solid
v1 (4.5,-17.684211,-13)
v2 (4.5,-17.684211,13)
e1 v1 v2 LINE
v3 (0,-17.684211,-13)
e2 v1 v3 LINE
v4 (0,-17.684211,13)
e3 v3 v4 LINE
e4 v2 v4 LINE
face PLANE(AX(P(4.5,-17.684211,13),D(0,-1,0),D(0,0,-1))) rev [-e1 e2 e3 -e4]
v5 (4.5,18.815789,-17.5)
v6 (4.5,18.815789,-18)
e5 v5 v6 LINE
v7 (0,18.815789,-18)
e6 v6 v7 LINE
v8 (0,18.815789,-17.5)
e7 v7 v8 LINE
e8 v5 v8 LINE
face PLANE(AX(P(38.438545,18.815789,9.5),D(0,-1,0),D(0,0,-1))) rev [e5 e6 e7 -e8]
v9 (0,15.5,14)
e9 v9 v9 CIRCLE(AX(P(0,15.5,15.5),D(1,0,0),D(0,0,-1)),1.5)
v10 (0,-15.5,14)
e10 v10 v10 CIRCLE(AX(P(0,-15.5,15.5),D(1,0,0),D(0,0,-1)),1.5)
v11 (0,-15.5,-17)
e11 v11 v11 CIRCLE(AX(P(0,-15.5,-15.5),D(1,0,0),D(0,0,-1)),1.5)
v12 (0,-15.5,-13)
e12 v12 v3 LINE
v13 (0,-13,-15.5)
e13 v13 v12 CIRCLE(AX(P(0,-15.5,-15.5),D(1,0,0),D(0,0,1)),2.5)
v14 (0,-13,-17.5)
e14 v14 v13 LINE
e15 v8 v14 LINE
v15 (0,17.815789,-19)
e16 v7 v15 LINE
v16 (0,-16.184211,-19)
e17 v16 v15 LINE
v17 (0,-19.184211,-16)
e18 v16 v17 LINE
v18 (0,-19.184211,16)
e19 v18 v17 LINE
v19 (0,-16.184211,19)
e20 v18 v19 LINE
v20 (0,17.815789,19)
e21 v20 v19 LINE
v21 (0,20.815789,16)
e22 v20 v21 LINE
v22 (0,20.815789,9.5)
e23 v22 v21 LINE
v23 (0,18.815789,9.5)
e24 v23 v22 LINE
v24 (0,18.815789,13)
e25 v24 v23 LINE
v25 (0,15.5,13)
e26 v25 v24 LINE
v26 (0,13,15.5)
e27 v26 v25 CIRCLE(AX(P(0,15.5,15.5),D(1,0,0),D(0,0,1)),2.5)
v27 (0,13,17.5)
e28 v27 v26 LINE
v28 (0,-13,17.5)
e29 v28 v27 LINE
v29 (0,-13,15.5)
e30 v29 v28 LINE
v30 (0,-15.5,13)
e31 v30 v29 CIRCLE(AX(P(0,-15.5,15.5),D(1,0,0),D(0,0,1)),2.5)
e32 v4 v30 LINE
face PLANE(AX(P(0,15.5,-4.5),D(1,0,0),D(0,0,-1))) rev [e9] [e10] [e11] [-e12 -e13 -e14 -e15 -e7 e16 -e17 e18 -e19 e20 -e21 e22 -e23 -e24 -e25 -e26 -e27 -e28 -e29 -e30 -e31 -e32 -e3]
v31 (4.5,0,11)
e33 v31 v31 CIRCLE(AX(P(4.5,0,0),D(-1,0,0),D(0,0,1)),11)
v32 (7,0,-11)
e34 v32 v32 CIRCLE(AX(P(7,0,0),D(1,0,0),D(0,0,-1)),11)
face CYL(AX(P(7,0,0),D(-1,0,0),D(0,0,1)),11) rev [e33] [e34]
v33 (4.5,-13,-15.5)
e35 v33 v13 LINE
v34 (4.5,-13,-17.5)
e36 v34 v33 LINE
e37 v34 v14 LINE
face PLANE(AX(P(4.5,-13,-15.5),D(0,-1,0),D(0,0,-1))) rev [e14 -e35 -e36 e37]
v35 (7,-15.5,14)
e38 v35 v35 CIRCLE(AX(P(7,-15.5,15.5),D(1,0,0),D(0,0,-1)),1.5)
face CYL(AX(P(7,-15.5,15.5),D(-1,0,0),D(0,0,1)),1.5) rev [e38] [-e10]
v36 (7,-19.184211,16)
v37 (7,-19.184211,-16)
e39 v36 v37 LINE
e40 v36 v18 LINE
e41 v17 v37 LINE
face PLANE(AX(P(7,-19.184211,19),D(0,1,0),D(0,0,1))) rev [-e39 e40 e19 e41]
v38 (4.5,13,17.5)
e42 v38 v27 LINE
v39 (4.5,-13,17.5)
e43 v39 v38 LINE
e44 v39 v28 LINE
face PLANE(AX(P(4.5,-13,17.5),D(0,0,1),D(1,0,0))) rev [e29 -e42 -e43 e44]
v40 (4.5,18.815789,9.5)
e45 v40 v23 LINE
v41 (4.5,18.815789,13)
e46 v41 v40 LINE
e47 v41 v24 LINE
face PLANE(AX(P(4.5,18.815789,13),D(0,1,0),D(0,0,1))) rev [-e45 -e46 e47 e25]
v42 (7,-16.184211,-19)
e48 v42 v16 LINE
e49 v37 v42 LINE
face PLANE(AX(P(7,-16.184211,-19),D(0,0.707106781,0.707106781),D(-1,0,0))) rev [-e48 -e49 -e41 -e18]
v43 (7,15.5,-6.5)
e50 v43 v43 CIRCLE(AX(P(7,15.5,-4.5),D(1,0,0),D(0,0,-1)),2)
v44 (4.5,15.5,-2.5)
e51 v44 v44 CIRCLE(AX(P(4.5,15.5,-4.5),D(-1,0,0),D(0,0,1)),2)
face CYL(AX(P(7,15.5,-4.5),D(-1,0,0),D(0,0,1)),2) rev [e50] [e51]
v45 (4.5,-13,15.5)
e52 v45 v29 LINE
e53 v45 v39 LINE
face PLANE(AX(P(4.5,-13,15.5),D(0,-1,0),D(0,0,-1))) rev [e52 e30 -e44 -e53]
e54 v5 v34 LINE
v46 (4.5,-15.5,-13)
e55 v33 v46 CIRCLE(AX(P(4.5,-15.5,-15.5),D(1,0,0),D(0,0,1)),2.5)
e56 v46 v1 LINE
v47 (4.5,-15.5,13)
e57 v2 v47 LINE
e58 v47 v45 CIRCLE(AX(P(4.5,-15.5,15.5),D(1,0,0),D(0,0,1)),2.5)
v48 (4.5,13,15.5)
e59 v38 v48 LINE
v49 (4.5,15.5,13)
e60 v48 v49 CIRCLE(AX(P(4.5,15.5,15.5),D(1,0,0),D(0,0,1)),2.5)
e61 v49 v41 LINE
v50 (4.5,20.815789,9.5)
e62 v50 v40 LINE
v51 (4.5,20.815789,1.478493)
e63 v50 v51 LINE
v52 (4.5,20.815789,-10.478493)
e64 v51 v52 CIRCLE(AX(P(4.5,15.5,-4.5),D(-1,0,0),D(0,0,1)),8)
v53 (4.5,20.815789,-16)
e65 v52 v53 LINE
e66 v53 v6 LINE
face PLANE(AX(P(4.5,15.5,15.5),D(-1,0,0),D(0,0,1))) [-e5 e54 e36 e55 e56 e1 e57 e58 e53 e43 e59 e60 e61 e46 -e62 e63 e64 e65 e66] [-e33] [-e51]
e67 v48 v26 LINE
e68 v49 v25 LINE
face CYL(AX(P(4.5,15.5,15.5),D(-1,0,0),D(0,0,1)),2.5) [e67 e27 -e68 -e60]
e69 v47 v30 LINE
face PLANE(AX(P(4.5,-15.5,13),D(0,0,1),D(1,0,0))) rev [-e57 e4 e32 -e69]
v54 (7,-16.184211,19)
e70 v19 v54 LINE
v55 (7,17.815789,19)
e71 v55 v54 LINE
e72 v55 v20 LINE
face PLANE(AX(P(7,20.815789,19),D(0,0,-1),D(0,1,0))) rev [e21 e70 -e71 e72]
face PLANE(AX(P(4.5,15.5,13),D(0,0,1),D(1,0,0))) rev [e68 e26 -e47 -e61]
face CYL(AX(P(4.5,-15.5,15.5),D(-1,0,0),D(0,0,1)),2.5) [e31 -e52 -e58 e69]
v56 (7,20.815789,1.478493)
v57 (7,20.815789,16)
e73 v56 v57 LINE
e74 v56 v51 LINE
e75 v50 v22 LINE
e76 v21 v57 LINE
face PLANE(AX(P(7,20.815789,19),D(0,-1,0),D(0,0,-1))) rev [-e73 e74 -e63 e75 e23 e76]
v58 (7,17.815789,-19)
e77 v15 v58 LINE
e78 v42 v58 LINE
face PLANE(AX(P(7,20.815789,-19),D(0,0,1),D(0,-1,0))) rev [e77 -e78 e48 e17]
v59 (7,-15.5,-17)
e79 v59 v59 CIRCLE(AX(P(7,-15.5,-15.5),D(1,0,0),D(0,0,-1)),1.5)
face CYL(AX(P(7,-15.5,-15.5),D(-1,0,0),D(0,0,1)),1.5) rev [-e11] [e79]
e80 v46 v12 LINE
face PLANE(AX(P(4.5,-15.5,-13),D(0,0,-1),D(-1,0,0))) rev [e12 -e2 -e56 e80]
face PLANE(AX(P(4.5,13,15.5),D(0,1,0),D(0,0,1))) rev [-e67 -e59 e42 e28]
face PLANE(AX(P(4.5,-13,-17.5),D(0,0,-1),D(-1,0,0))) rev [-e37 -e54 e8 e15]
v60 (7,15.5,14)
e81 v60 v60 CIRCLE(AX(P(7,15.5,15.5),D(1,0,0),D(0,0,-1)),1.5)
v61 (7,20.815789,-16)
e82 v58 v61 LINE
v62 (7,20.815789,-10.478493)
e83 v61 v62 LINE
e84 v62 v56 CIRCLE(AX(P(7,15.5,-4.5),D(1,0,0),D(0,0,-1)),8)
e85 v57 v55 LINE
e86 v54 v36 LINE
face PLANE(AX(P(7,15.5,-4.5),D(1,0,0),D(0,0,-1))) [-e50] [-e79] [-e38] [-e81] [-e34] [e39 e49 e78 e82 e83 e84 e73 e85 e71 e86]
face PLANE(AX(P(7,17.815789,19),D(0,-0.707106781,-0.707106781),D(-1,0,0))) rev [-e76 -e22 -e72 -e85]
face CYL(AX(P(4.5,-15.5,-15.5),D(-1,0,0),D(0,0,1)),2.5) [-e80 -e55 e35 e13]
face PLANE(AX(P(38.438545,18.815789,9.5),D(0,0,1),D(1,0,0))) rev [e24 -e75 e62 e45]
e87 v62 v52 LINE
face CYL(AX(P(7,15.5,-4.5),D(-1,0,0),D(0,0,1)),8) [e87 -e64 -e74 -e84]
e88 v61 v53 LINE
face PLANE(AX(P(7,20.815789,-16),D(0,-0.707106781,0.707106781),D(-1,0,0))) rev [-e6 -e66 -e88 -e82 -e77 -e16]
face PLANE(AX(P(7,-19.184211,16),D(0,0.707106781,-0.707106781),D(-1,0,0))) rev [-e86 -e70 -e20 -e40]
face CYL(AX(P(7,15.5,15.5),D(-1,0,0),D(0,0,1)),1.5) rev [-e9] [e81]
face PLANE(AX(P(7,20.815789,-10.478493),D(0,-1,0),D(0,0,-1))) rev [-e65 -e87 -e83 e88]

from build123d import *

# Parameters (mm, degrees)
SKETCH1_R           = 1.5
SKETCH1_R_2         = 11
SKETCH1_R_3         = 2
BOSS_EXTRUDE1_DEPTH = 7
CUT_EXTRUDE1_DEPTH  = 4.5
SKETCH3_W           = 33.429321272
SKETCH3_H           = 5.85707368
CUT_EXTRUDE2_DEPTH  = 4.5
CHAMFER1_SIZE       = 3


with BuildPart() as part:
    # Sketch1 → Boss-Extrude1 (new body)
    with BuildSketch(Plane(origin=(0, 0, 0), x_dir=(0, 0, -1), z_dir=(1, 0, 0))):
        with BuildLine():
            Line((10.478493311, 20.815789474), (19, 20.815789474))
            Line((19, 20.815789474), (19, -19.184210526))
            Line((19, -19.184210526), (-19, -19.184210526))
            Line((-19, -19.184210526), (-19, 20.815789474))
            Line((-19, 20.815789474), (-1.478493311, 20.815789474))
            ThreePointArc((-1.478493311, 20.815789474), (4.5, 23.5), (10.478493311, 20.815789474))
        make_face()
        with Locations((15.5, -15.5)):
            Circle(SKETCH1_R, mode=Mode.SUBTRACT)
        with Locations((-15.5, 15.5)):
            Circle(SKETCH1_R, mode=Mode.SUBTRACT)
        with Locations((-15.5, -15.5)):
            Circle(SKETCH1_R, mode=Mode.SUBTRACT)
        Circle(SKETCH1_R_2, mode=Mode.SUBTRACT)
        with Locations((4.5, 15.5)):
            Circle(SKETCH1_R_3, mode=Mode.SUBTRACT)
    extrude(amount=BOSS_EXTRUDE1_DEPTH)

    # Sketch2 → Cut-Extrude1 (cut)
    with BuildSketch(Plane.ZY):
        with BuildLine():
            Line((-17.5, -13), (-17.5, 18.815789474))
            Line((-17.5, 18.815789474), (13, 18.815789474))
            Line((13, 18.815789474), (13, 15.5))
            ThreePointArc((13, 15.5), (13.732233047, 13.732233047), (15.5, 13))
            Line((15.5, 13), (17.5, 13))
            Line((17.5, 13), (17.5, -13))
            Line((17.5, -13), (15.5, -13))
            ThreePointArc((15.5, -13), (13.732233047, -13.732233047), (13, -15.5))
            Line((13, -15.5), (13, -17.684210526))
            Line((13, -17.684210526), (-13, -17.684210526))
            Line((-13, -17.684210526), (-13, -15.5))
            ThreePointArc((-13, -15.5), (-13.732233047, -13.732233047), (-15.5, -13))
            Line((-15.5, -13), (-17.5, -13))
        make_face()
    extrude(amount=-CUT_EXTRUDE1_DEPTH, mode=Mode.SUBTRACT)

    # Sketch3 → Cut-Extrude2 (cut)
    with BuildSketch(Plane.ZY):
        with Locations((-7.214660636, 21.744326314)):
            Rectangle(SKETCH3_W, SKETCH3_H)
    extrude(amount=-CUT_EXTRUDE2_DEPTH, mode=Mode.SUBTRACT)

    # Chamfer1
    chamfer1_edges = [part.edges().sort_by_distance(p)[0] for p in [
        (3.5, -19.184210526, -19),
        (3.5, -19.184210526, 19),
        (3.5, 20.815789474, 19),
        (5.75, 20.815789474, -19),
    ]]
    chamfer(chamfer1_edges, length=CHAMFER1_SIZE)


solid = part.part
